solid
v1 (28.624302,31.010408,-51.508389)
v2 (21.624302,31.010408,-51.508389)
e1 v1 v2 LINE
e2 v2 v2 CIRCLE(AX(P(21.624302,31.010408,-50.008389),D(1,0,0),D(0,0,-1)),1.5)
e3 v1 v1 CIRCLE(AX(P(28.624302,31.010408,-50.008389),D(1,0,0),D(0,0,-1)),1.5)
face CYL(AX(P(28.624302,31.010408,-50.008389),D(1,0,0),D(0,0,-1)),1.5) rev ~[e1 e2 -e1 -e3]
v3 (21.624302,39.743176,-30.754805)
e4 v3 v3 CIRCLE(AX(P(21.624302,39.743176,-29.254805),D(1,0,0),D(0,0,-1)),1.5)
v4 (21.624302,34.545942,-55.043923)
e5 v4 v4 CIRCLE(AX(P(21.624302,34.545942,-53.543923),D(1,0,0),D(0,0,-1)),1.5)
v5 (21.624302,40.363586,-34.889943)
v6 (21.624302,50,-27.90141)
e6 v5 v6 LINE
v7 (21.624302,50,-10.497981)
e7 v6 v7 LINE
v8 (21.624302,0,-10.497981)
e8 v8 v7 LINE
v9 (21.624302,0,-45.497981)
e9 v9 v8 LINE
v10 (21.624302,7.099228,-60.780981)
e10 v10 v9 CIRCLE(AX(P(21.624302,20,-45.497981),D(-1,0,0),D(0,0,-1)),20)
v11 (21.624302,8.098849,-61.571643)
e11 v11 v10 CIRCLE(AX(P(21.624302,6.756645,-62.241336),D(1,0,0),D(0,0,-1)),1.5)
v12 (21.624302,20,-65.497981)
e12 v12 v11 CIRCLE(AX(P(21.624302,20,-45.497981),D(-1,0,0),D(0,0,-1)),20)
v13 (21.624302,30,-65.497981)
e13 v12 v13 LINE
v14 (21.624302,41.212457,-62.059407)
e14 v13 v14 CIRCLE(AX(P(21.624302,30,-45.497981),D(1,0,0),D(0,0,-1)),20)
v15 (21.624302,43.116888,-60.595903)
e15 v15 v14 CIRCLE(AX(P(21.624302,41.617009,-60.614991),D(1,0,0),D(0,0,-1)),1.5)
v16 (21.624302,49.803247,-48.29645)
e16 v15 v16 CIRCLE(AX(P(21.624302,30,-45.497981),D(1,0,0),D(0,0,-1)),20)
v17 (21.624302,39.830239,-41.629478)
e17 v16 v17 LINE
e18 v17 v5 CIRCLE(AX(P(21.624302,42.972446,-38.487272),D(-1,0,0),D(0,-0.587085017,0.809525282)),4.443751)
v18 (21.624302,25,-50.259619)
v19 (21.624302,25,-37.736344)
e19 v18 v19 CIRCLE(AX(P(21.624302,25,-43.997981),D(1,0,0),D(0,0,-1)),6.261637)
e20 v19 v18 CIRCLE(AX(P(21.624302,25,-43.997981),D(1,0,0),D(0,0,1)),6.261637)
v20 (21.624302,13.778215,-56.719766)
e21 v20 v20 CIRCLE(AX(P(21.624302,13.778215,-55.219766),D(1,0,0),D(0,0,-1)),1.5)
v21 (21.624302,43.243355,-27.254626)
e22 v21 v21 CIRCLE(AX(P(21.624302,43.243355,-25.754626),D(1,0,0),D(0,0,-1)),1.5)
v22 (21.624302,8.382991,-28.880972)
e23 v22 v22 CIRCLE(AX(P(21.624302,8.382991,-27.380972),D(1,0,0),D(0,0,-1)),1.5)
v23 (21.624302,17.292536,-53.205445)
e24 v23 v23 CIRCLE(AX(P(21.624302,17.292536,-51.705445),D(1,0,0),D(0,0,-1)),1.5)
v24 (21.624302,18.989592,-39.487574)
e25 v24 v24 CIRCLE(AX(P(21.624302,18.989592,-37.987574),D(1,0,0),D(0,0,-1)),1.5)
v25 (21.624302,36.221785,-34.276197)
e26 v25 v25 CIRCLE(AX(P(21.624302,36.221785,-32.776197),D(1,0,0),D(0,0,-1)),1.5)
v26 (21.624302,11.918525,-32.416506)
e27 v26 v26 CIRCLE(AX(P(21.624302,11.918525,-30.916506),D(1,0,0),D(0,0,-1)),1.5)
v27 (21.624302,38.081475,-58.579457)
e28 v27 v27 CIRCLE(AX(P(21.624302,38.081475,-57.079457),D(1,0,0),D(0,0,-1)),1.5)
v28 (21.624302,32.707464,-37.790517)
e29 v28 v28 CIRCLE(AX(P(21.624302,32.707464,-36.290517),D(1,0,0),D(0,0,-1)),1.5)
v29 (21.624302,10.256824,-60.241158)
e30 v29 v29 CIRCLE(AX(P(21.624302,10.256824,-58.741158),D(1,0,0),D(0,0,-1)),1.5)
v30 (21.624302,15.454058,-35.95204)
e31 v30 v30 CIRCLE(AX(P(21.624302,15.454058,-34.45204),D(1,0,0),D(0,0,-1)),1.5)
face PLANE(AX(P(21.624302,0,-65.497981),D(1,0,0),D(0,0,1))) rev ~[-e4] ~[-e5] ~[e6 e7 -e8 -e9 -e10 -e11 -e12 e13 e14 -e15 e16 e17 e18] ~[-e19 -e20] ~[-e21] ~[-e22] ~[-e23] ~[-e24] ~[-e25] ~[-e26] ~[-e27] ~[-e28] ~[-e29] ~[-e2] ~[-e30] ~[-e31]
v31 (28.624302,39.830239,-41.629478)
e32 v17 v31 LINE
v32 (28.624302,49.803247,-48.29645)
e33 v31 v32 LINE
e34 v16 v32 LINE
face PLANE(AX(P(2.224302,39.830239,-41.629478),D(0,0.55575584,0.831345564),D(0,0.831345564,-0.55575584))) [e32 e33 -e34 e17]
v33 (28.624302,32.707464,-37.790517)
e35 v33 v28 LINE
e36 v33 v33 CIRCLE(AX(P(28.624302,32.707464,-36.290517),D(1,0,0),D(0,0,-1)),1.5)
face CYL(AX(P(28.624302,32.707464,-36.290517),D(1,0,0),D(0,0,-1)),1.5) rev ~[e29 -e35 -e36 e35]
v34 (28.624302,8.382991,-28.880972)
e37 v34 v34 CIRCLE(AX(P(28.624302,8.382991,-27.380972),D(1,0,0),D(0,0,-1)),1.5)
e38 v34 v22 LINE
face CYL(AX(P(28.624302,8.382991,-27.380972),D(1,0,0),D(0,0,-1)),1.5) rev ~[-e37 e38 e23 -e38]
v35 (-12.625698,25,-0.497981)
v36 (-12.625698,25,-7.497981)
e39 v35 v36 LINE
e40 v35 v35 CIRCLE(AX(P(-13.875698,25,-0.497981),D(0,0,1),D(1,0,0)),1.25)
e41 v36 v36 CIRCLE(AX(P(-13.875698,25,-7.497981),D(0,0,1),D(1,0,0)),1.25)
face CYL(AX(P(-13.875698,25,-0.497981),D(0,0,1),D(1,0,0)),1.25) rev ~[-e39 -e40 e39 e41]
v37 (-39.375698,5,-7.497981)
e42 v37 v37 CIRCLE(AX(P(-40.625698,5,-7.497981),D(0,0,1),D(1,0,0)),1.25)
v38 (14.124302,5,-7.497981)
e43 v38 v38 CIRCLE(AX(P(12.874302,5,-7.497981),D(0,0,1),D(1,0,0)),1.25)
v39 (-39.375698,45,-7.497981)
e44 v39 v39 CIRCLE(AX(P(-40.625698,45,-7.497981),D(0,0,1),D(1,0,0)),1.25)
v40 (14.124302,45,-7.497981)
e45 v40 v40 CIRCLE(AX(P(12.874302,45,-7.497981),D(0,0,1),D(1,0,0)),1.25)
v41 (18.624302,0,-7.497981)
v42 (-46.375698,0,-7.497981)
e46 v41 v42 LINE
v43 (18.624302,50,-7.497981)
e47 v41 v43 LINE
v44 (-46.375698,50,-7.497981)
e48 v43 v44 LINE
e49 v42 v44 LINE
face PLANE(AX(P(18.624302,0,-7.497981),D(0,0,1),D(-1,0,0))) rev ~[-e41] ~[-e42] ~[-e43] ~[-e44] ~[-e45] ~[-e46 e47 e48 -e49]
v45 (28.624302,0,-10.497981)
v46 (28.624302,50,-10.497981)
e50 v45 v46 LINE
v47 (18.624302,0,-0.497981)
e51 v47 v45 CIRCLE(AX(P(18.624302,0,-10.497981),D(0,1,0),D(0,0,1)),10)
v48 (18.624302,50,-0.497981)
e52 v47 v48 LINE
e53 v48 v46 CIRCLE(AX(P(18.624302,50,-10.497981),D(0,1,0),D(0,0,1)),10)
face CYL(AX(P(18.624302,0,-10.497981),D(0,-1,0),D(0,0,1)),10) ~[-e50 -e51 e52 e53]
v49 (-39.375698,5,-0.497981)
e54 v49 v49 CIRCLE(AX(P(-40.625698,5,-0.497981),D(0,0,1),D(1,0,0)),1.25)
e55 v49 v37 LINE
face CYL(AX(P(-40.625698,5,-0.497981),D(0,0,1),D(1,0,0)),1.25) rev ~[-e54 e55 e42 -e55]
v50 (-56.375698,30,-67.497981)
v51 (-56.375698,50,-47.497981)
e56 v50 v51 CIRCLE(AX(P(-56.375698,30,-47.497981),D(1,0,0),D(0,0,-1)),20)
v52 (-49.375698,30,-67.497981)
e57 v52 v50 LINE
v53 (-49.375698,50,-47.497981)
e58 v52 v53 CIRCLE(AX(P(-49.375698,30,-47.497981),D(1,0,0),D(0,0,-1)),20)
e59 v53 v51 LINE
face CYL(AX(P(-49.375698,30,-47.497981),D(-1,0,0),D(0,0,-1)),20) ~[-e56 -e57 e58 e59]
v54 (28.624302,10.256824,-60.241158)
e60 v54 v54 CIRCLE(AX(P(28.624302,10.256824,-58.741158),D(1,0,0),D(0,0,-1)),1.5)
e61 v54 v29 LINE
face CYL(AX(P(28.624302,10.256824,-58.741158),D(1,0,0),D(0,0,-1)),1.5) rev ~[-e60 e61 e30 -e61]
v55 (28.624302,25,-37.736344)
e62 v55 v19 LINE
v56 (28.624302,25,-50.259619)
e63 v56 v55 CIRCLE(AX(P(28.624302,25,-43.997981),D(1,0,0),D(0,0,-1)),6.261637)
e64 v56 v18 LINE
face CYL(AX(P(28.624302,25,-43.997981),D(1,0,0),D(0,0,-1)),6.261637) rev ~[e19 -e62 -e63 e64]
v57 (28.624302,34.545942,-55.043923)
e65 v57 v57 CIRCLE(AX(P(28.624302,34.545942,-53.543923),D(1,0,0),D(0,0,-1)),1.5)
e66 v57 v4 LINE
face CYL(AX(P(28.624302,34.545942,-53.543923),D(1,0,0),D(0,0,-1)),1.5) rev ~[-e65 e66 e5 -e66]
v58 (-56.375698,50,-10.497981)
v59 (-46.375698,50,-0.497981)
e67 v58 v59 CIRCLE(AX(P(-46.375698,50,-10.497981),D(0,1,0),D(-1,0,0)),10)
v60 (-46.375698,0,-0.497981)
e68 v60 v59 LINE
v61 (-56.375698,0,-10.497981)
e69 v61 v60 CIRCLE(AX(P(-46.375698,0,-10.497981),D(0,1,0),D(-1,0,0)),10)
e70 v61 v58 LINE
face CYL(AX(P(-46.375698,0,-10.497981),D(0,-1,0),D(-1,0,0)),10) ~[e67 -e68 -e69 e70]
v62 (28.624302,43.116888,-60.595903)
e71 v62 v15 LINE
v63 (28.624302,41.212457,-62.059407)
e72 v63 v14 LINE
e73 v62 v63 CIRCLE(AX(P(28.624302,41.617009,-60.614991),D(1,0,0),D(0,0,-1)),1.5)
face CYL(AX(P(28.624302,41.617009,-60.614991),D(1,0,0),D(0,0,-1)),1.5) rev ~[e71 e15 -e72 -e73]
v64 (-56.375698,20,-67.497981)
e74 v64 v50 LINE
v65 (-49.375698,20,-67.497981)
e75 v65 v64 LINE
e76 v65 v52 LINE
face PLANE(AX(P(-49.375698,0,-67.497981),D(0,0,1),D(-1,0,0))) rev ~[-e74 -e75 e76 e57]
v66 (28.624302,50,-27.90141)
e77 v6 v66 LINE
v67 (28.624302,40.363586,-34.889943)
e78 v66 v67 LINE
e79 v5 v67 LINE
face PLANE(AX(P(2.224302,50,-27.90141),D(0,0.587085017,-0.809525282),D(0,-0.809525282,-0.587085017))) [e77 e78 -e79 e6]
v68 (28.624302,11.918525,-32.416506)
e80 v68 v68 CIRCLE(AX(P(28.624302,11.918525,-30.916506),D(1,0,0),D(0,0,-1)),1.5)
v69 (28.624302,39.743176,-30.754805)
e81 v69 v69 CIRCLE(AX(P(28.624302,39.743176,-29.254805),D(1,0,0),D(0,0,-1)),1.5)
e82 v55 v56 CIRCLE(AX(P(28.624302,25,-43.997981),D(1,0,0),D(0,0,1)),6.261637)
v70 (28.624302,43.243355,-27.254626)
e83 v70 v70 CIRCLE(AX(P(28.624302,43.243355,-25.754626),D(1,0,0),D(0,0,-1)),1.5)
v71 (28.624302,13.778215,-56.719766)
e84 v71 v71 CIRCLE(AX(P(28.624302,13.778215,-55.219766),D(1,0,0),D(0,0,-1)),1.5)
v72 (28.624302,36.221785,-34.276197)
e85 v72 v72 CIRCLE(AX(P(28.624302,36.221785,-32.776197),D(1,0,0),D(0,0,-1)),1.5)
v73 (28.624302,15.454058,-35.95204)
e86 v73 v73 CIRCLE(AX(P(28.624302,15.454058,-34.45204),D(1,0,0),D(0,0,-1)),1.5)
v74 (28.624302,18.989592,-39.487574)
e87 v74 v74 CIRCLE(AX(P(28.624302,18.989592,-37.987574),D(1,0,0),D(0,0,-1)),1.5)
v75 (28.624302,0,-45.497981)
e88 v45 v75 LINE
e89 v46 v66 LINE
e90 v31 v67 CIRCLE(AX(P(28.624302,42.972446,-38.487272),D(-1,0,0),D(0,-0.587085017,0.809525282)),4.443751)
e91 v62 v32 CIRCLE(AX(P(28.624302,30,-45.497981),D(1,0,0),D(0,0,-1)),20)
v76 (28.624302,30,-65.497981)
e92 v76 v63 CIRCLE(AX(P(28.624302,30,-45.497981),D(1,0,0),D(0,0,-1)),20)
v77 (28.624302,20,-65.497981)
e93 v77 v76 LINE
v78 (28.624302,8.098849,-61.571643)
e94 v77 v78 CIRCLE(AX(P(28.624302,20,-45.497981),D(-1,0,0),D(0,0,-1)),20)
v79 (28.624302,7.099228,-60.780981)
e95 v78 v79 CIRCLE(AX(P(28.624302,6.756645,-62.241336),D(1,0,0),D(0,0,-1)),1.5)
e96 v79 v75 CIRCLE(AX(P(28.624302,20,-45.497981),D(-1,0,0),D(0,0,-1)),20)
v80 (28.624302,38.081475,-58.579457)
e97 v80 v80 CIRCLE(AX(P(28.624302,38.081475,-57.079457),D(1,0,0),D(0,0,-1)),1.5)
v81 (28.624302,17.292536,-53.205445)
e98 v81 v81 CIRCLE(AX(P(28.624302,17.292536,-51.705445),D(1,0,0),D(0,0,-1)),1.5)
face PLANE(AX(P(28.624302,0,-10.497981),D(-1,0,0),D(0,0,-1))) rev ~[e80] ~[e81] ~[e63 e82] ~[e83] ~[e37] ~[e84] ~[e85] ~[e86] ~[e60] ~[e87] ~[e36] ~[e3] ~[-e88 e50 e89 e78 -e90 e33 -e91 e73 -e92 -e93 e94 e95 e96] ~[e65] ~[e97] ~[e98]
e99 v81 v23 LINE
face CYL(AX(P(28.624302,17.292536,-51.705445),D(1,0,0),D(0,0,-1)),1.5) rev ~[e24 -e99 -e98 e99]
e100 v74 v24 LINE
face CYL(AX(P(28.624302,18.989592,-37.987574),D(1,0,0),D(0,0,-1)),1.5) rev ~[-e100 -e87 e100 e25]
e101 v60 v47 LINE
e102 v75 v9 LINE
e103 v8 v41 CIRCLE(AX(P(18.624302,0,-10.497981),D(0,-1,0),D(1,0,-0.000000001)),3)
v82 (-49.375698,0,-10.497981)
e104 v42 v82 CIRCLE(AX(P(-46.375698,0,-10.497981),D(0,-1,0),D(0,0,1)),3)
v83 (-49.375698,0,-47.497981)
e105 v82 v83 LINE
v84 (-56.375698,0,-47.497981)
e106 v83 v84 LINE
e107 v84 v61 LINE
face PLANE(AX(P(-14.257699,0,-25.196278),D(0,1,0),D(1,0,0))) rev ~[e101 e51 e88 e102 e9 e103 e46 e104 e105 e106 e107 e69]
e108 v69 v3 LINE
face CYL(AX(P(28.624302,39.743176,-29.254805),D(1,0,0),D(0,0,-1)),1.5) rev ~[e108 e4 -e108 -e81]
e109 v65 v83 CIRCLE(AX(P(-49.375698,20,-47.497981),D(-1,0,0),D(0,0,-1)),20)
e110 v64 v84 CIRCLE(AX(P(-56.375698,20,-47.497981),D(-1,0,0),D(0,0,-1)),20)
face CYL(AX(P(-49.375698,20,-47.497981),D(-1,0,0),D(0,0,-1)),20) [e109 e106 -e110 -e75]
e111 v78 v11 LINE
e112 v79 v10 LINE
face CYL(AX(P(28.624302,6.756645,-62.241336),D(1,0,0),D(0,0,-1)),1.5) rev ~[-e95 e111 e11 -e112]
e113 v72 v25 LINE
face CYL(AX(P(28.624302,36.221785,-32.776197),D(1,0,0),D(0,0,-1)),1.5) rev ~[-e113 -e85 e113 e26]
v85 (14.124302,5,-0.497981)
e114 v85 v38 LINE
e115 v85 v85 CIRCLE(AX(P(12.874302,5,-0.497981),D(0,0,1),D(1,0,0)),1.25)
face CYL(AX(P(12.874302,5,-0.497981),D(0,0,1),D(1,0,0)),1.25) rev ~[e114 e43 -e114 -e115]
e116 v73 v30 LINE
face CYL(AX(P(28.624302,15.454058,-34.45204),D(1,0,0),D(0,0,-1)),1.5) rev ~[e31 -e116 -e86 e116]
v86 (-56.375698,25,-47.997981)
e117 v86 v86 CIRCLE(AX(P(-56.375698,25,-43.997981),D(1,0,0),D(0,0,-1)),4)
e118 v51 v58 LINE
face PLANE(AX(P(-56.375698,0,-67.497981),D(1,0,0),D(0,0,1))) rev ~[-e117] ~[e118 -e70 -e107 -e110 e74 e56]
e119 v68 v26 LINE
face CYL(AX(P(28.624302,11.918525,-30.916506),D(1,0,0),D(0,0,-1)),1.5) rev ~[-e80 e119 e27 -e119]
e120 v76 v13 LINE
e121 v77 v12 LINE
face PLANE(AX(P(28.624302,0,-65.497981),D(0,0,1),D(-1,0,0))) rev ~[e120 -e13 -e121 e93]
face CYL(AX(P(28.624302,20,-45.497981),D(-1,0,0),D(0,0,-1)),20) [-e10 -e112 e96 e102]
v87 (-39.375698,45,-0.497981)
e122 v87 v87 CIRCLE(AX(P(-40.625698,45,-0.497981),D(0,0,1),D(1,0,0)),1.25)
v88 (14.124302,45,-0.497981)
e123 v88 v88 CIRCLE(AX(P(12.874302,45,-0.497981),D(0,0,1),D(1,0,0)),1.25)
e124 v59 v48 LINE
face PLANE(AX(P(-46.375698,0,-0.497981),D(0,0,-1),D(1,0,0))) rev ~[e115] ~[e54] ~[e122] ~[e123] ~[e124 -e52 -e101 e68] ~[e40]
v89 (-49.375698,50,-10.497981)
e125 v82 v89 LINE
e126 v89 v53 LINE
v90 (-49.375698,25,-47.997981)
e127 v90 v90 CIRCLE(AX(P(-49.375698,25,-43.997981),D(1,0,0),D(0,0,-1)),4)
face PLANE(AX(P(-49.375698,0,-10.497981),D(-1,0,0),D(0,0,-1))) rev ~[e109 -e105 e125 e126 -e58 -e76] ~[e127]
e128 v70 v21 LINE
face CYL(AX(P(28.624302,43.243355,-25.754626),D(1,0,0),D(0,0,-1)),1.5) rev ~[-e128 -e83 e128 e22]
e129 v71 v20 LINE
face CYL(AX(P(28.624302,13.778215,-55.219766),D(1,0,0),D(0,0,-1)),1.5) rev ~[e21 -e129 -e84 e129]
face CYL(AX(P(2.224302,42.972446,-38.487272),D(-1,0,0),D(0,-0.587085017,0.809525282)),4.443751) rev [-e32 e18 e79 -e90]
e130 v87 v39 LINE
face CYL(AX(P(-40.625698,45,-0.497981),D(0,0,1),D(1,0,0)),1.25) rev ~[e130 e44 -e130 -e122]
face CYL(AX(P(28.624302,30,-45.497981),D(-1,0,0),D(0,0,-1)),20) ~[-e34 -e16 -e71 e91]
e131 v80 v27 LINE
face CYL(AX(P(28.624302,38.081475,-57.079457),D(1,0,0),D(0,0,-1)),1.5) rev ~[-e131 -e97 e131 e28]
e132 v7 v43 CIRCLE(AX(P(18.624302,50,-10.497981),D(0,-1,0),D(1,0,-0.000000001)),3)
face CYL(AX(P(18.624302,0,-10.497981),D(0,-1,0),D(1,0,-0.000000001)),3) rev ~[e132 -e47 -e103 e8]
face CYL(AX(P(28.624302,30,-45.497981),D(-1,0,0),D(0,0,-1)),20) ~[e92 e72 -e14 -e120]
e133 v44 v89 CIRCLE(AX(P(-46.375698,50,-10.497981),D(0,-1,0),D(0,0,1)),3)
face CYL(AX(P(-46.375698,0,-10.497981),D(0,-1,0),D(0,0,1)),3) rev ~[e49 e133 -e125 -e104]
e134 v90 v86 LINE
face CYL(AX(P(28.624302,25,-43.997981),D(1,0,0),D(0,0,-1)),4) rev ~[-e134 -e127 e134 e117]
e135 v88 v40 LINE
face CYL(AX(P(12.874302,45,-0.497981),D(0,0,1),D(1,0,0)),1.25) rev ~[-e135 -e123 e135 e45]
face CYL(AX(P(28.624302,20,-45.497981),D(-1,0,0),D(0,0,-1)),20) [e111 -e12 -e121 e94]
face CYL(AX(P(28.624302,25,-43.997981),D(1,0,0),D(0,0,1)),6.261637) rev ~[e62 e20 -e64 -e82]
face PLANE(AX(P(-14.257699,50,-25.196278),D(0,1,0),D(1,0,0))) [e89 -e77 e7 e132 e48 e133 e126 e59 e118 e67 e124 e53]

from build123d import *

# Parameters (mm, degrees)
BOSS_EXTRUDE1_DEPTH     = 50
FILLET2_R               = 20
SKETCH6_R               = 1.5
CUT_EXTRUDE2_DEPTH      = 28.4
CUT_EXTRUDE3_DEPTH      = 136.4
CUT_EXTRUDE4_DEPTH      = 120.503043838
CUT_EXTRUDE4_DEPTH_BACK = 26.4
SKETCH8_R               = 1.25
CUT_EXTRUDE5_DEPTH      = 100


with BuildPart() as part:
    # Sketch1 → Boss-Extrude1 (new body)
    with BuildSketch(Plane(origin=(0, 0, 0), x_dir=(1, 0, 0), z_dir=(0, 1, 0))):
        with BuildLine():
            Line((-56.375697839, 67.497981352), (-56.375697839, 10.497981352))
            ThreePointArc((-56.375697839, 10.497981352), (-53.44676565, 3.42691354), (-46.375697839, 0.497981352))
            Line((-46.375697839, 0.497981352), (18.624302161, 0.497981352))
            ThreePointArc((18.624302161, 0.497981352), (25.695369973, 3.42691354), (28.624302161, 10.497981352))
            Line((28.624302161, 10.497981352), (28.624302161, 65.497981352))
            Line((28.624302161, 65.497981352), (21.624302161, 65.497981352))
            Line((21.624302161, 65.497981352), (21.624302161, 10.497981352))
            ThreePointArc((21.624302161, 10.497981352), (20.745622505, 8.376661008), (18.624302161, 7.497981352))
            Line((18.624302161, 7.497981352), (-46.375697839, 7.497981352))
            ThreePointArc((-46.375697839, 7.497981352), (-48.497018182, 8.376661008), (-49.375697839, 10.497981352))
            Line((-49.375697839, 10.497981352), (-49.375697839, 67.497981352))
            Line((-49.375697839, 67.497981352), (-56.375697839, 67.497981352))
        make_face()
    extrude(amount=BOSS_EXTRUDE1_DEPTH)

    # Fillet2
    fillet2_edges = [part.edges().sort_by_distance(p)[0] for p in [
        (25.124302161, 0, -65.497981352),
        (-52.875697839, 0, -67.497981352),
        (25.124302161, 50, -65.497981352),
        (-52.875697839, 50, -67.497981352),
    ]]
    fillet(fillet2_edges, radius=FILLET2_R)

    # Sketch6 → Cut-Extrude2 (cut)
    with BuildSketch(Plane(origin=(28.624302161, 0, 0), x_dir=(0, 0, -1), z_dir=(1, 0, 0))):
        with BuildLine():
            ThreePointArc((39.997981352, 25), (43.997981352, 21), (47.997981352, 25))
            Line((47.997981352, 25), (39.997981352, 25))
        make_face()
        with BuildLine():
            Line((39.997981352, 25), (47.997981352, 25))
            ThreePointArc((47.997981352, 25), (43.997981352, 29), (39.997981352, 25))
        make_face()
        with BuildLine():
            ThreePointArc((37.736343923, 25), (43.997981352, 18.738362572), (50.25961878, 25))
            Line((50.25961878, 25), (47.997981352, 25))
            ThreePointArc((47.997981352, 25), (43.997981352, 21), (39.997981352, 25))
            Line((39.997981352, 25), (37.736343923, 25))
        make_face()
        with BuildLine():
            Line((47.997981352, 25), (50.25961878, 25))
            ThreePointArc((50.25961878, 25), (43.997981352, 31.261637428), (37.736343923, 25))
            Line((37.736343923, 25), (39.997981352, 25))
            ThreePointArc((39.997981352, 25), (43.997981352, 29), (47.997981352, 25))
        make_face()
        with Locations((36.290517437, 32.707463915)):
            Circle(SKETCH6_R)
        with Locations((32.776196734, 36.221784617)):
            Circle(SKETCH6_R)
        with Locations((29.254804964, 39.743176388)):
            Circle(SKETCH6_R)
        with Locations((25.754626397, 43.243354955)):
            Circle(SKETCH6_R)
        with Locations((50.008388992, 31.01040764)):
            Circle(SKETCH6_R)
        with Locations((53.543922898, 34.545941546)):
            Circle(SKETCH6_R)
        with Locations((57.079456803, 38.081475452)):
            Circle(SKETCH6_R)
        with Locations((60.614990709, 41.617009358)):
            Circle(SKETCH6_R)
        with Locations((51.705445266, 17.292536085)):
            Circle(SKETCH6_R)
        with Locations((55.219765969, 13.778215383)):
            Circle(SKETCH6_R)
        with Locations((58.741157739, 10.256823612)):
            Circle(SKETCH6_R)
        with Locations((62.241336306, 6.756645045)):
            Circle(SKETCH6_R)
        with Locations((37.987573711, 18.98959236)):
            Circle(SKETCH6_R)
        with Locations((34.452039805, 15.454058454)):
            Circle(SKETCH6_R)
        with Locations((30.9165059, 11.918524548)):
            Circle(SKETCH6_R)
        with Locations((27.380971994, 8.382990642)):
            Circle(SKETCH6_R)
    extrude(amount=-CUT_EXTRUDE2_DEPTH, mode=Mode.SUBTRACT)

    # Sketch6<3> → Cut-Extrude3 (cut)
    with BuildSketch(Plane(origin=(28.624302161, 0, 0), x_dir=(0, 0, -1), z_dir=(1, 0, 0))):
        with BuildLine():
            ThreePointArc((39.997981352, 25), (43.997981352, 21), (47.997981352, 25))
            Line((47.997981352, 25), (39.997981352, 25))
        make_face()
        with BuildLine():
            Line((39.997981352, 25), (47.997981352, 25))
            ThreePointArc((47.997981352, 25), (43.997981352, 29), (39.997981352, 25))
        make_face()
    extrude(amount=-CUT_EXTRUDE3_DEPTH, mode=Mode.SUBTRACT)

    # Sketch7 → Cut-Extrude4 (cut, two sides: drawn at the far end of the back side and taken through both)
    with BuildSketch(Plane(origin=(28.624302161, 0, 0), x_dir=(0, 0, -1), z_dir=(1, 0, 0)).offset(-CUT_EXTRUDE4_DEPTH_BACK)):
        with BuildLine():
            Line((-59.021683843, 169.857328721), (27.901409821, 50))
            Line((27.901409821, 50), (34.889942889, 40.363586132))
            ThreePointArc((34.889942889, 40.363586132), (38.136702541, 38.542544558), (41.629478365, 39.830239282))
            Line((41.629478365, 39.830239282), (48.296449702, 49.803246574))
            Line((48.296449702, 49.803246574), (130.580983454, 172.89125966))
            Line((130.580983454, 172.89125966), (125.843258674, 468.970924285))
            Line((125.843258674, 468.970924285), (-63.759408622, 465.936993346))
            Line((-63.759408622, 465.936993346), (-59.021683843, 169.857328721))
        make_face()
    extrude(amount=CUT_EXTRUDE4_DEPTH + CUT_EXTRUDE4_DEPTH_BACK, mode=Mode.SUBTRACT)

    # Sketch8 → Cut-Extrude5 (cut)
    with BuildSketch(Plane.XY.offset(-0.497981352)):
        with Locations((-40.625697839, 45)):
            Circle(SKETCH8_R)
        with Locations((12.874302161, 45)):
            Circle(SKETCH8_R)
        with Locations((-13.875697839, 25)):
            Circle(SKETCH8_R)
        with Locations((-40.625697839, 5)):
            Circle(SKETCH8_R)
        with Locations((12.874302161, 5)):
            Circle(SKETCH8_R)
    extrude(amount=-CUT_EXTRUDE5_DEPTH, mode=Mode.SUBTRACT)


solid = part.part
